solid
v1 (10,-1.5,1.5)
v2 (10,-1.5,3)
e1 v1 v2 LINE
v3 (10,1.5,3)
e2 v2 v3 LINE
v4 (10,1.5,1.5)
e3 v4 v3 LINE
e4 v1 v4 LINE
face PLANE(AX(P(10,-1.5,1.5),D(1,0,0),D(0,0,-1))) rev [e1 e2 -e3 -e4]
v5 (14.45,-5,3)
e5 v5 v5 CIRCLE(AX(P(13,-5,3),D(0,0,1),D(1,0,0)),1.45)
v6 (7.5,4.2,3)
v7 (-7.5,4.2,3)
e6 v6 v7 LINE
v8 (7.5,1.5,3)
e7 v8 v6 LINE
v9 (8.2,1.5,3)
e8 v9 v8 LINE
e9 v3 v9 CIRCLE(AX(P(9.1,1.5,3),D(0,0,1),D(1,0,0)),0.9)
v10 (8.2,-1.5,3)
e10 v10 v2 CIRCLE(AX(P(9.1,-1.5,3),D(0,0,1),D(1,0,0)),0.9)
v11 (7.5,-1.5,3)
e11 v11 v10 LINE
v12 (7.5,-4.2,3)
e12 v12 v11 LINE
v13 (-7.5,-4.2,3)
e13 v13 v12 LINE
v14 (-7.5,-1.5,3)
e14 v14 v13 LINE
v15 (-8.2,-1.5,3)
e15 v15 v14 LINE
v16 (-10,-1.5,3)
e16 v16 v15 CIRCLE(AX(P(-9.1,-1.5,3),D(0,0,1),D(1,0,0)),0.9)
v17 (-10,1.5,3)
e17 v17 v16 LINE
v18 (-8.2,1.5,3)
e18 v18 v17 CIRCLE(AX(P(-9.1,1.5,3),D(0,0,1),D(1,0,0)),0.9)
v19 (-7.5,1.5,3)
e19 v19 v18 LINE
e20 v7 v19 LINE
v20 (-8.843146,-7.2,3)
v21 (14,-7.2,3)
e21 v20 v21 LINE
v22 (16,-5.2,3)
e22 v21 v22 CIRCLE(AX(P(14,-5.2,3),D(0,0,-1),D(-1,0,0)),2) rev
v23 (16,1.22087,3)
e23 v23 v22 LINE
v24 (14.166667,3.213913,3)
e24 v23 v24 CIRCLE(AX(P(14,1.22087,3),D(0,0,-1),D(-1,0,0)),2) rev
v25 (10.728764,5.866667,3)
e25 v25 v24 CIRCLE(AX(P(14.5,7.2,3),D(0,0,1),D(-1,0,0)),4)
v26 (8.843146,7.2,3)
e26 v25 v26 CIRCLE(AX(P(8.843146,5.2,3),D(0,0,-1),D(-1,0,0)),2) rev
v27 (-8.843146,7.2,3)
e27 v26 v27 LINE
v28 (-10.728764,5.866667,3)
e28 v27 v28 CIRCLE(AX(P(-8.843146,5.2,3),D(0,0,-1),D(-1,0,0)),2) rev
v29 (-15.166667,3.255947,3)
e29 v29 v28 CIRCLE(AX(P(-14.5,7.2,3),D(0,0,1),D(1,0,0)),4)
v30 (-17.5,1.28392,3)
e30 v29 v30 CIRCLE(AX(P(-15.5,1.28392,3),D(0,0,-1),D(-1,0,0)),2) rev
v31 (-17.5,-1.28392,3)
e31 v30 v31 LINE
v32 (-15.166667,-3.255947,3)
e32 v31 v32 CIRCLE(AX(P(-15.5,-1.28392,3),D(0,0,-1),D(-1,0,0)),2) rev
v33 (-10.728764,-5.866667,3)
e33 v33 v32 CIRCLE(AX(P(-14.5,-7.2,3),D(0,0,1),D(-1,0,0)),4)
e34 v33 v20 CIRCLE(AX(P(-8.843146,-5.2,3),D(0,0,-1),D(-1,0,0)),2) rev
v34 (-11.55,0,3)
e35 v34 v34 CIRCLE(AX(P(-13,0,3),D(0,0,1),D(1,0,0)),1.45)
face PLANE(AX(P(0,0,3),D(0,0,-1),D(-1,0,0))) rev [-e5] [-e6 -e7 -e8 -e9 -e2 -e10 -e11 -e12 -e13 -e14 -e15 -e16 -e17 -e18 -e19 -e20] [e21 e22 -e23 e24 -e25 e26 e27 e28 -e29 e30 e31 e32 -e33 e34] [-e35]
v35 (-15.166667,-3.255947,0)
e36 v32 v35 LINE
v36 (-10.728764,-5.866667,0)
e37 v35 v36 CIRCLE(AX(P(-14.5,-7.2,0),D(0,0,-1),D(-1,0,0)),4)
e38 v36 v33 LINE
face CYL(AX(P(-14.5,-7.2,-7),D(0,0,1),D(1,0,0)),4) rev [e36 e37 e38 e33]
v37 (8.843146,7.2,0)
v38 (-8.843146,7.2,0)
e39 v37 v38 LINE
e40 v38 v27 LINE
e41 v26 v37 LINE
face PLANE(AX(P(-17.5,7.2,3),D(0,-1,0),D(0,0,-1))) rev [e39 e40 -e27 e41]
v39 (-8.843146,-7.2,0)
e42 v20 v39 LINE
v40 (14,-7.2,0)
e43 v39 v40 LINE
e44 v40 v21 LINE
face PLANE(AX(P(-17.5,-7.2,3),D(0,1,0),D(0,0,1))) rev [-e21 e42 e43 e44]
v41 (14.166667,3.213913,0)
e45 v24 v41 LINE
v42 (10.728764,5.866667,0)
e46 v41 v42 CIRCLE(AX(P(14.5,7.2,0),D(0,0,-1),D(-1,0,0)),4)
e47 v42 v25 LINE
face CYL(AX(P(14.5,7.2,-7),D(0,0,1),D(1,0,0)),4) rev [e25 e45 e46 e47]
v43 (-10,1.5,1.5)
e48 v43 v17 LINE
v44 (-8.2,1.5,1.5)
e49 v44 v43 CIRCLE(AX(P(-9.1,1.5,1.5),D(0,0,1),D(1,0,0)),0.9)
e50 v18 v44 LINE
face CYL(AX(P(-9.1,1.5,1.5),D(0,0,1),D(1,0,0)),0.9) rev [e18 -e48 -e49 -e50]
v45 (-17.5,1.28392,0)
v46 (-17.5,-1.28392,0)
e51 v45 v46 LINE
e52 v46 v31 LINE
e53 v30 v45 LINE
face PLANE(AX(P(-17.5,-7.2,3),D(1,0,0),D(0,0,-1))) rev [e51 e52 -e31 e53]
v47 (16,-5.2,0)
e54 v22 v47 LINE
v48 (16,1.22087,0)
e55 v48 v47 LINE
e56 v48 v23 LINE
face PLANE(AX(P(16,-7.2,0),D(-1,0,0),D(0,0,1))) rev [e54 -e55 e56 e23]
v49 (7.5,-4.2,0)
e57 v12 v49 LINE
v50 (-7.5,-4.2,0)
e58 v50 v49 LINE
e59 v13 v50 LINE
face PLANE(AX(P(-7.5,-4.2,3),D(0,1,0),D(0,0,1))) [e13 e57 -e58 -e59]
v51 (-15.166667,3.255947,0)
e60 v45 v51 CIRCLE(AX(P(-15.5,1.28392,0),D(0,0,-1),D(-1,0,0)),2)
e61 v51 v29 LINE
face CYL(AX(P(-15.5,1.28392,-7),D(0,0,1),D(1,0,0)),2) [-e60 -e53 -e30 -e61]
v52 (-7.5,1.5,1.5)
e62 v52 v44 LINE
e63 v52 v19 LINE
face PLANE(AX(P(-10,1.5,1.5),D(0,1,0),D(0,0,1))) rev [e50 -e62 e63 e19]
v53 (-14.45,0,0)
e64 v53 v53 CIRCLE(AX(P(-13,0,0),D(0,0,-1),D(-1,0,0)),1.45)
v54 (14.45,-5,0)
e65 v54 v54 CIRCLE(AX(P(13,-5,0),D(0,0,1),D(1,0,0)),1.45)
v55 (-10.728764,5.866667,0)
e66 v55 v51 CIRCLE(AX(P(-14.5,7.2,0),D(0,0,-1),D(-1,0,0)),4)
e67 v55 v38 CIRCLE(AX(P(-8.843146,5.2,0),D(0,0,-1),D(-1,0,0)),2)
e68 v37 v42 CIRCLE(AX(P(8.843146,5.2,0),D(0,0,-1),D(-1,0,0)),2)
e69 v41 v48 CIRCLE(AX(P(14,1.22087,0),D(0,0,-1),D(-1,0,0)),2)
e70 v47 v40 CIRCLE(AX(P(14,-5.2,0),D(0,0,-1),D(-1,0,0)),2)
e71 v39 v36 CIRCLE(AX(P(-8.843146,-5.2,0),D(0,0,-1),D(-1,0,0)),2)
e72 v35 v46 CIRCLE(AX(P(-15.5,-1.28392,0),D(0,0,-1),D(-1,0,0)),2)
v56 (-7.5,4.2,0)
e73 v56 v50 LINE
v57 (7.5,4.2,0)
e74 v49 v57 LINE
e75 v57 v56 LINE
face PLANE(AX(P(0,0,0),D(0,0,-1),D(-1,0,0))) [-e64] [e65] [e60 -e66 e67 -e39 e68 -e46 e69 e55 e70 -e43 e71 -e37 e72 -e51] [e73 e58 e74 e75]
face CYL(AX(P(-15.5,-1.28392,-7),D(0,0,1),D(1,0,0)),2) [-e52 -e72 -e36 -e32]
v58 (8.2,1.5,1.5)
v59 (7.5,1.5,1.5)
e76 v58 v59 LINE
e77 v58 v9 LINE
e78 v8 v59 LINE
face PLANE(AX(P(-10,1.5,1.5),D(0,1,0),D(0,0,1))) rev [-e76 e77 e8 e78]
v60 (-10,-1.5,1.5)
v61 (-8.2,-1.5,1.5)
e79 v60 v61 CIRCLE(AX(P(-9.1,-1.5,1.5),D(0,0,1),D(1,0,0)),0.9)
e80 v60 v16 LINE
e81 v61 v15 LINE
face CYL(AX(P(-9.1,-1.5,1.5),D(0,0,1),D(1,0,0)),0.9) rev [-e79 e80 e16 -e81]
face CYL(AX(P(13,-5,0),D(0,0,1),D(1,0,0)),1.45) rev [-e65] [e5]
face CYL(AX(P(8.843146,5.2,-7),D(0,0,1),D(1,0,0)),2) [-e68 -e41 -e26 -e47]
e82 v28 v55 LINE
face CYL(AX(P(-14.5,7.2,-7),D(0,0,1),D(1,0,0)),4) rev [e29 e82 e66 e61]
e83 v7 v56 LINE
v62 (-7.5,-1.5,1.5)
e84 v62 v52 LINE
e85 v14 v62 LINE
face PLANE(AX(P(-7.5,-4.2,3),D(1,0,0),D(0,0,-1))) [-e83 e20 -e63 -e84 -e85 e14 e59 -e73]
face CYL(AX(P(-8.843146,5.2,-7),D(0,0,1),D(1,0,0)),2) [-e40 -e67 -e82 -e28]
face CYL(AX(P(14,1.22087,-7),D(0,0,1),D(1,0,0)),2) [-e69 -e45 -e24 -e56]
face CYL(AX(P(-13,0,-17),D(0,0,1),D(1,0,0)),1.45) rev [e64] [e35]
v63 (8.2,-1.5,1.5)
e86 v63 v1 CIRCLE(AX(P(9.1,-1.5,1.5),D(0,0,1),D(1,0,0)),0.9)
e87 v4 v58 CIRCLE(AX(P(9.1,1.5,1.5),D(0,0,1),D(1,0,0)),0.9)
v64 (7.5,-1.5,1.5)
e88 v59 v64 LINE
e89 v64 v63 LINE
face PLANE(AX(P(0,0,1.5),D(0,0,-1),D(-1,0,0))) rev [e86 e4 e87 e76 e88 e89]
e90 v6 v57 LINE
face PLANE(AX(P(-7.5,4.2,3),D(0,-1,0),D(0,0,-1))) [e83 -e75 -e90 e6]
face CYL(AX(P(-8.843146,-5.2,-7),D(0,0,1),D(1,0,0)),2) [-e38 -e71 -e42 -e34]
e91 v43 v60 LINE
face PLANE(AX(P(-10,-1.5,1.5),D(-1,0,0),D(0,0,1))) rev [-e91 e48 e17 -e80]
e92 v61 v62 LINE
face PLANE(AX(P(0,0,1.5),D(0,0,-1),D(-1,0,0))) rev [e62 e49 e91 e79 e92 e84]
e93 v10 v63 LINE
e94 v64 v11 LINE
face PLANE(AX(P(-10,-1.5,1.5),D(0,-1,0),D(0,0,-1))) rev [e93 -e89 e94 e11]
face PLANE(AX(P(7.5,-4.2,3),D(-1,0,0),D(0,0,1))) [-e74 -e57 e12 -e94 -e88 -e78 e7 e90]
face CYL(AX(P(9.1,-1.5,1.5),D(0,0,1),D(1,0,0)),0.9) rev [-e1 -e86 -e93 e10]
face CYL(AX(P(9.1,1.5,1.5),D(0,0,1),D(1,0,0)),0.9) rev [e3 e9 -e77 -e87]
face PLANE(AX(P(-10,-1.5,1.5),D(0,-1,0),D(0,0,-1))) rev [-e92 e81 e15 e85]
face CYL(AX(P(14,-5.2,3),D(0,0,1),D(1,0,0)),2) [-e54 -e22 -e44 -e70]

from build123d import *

# Parameters (mm, degrees)
SKETCH_1_W          = 35
SKETCH_1_H          = 14.4
SKETCH_1_W_2        = 15
SKETCH_1_H_2        = 8.4
EXTRUDE_1_DEPTH     = 3
SKETCH_2_W          = 20
SKETCH_2_H          = 3
CUT_EXTRUDE_1_DEPTH = 1.5
SKETCH_3_R          = 1.45
CUT_EXTRUDE_2_DEPTH = 20
SKETCH_5_R          = 4
CUT_EXTRUDE_4_DEPTH = 10
SKETCH_9_W          = 1.5
SKETCH_9_H          = 14.4
CUT_EXTRUDE_7_DEPTH = 20.159592898
FILLET_2_R          = 2
SKETCH_6_R          = 0.9
CUT_EXTRUDE_5_DEPTH = 1.5
SKETCH_7_R          = 1.45
CUT_EXTRUDE_6_DEPTH = 20.159592898


with BuildPart() as part:
    # 草图1 → 凸台-拉伸1 (new body)
    with BuildSketch(Plane.XY):
        Rectangle(SKETCH_1_W, SKETCH_1_H)
        Rectangle(SKETCH_1_W_2, SKETCH_1_H_2, mode=Mode.SUBTRACT)
    extrude(amount=EXTRUDE_1_DEPTH)

    # 草图2 → 切除-拉伸1 (cut)
    with BuildSketch(Plane.XY.offset(3)):
        Rectangle(SKETCH_2_W, SKETCH_2_H)
    extrude(amount=-CUT_EXTRUDE_1_DEPTH, mode=Mode.SUBTRACT)

    # 草图3 → 切除-拉伸2 (cut)
    with BuildSketch(Plane.XY.offset(3)):
        with Locations((-13, 0)):
            Circle(SKETCH_3_R)
    extrude(amount=-CUT_EXTRUDE_2_DEPTH, mode=Mode.SUBTRACT)

    # 草图5 → 切除-拉伸4 (cut)
    with BuildSketch(Plane.XY.offset(3)):
        with Locations((-14.5, 7.2)):
            Circle(SKETCH_5_R)
        with Locations((14.5, 7.2)):
            Circle(SKETCH_5_R)
        with Locations((-14.5, -7.2)):
            Circle(SKETCH_5_R)
    extrude(amount=-CUT_EXTRUDE_4_DEPTH, mode=Mode.SUBTRACT)

    # 草图9 → 切除-拉伸7 (cut, through all)
    with BuildSketch(Plane.XY.offset(3)):
        with Locations((16.75, 0)):
            Rectangle(SKETCH_9_W, SKETCH_9_H)
    extrude(amount=-CUT_EXTRUDE_7_DEPTH, mode=Mode.SUBTRACT)

    # 圆角2
    fillet_2_edges = [part.edges().sort_by_distance(p)[0] for p in [
        (16, -7.2, 1.5),
        (-10.5, -7.2, 1.5),
        (-17.5, 4.554248689, 1.5),
        (10.5, 7.2, 1.5),
        (-17.5, -4.554248689, 1.5),
        (-10.5, 7.2, 1.5),
        (16, 3.491900756, 1.5),
    ]]
    fillet(fillet_2_edges, radius=FILLET_2_R)

    # 草图6 → 切除-拉伸5 (cut)
    with BuildSketch(Plane.XY.offset(3)):
        with Locations((-9.1, 1.5)):
            Circle(SKETCH_6_R)
        with Locations((-9.1, -1.5)):
            Circle(SKETCH_6_R)
        with Locations((9.1, 1.5)):
            Circle(SKETCH_6_R)
        with Locations((9.1, -1.5)):
            Circle(SKETCH_6_R)
    extrude(amount=-CUT_EXTRUDE_5_DEPTH, mode=Mode.SUBTRACT)

    # 草图7 → 切除-拉伸6 (cut, through all)
    with BuildSketch(Plane.XY.offset(3)):
        with Locations((13, -5)):
            Circle(SKETCH_7_R)
    extrude(amount=-CUT_EXTRUDE_6_DEPTH, mode=Mode.SUBTRACT)


solid = part.part
